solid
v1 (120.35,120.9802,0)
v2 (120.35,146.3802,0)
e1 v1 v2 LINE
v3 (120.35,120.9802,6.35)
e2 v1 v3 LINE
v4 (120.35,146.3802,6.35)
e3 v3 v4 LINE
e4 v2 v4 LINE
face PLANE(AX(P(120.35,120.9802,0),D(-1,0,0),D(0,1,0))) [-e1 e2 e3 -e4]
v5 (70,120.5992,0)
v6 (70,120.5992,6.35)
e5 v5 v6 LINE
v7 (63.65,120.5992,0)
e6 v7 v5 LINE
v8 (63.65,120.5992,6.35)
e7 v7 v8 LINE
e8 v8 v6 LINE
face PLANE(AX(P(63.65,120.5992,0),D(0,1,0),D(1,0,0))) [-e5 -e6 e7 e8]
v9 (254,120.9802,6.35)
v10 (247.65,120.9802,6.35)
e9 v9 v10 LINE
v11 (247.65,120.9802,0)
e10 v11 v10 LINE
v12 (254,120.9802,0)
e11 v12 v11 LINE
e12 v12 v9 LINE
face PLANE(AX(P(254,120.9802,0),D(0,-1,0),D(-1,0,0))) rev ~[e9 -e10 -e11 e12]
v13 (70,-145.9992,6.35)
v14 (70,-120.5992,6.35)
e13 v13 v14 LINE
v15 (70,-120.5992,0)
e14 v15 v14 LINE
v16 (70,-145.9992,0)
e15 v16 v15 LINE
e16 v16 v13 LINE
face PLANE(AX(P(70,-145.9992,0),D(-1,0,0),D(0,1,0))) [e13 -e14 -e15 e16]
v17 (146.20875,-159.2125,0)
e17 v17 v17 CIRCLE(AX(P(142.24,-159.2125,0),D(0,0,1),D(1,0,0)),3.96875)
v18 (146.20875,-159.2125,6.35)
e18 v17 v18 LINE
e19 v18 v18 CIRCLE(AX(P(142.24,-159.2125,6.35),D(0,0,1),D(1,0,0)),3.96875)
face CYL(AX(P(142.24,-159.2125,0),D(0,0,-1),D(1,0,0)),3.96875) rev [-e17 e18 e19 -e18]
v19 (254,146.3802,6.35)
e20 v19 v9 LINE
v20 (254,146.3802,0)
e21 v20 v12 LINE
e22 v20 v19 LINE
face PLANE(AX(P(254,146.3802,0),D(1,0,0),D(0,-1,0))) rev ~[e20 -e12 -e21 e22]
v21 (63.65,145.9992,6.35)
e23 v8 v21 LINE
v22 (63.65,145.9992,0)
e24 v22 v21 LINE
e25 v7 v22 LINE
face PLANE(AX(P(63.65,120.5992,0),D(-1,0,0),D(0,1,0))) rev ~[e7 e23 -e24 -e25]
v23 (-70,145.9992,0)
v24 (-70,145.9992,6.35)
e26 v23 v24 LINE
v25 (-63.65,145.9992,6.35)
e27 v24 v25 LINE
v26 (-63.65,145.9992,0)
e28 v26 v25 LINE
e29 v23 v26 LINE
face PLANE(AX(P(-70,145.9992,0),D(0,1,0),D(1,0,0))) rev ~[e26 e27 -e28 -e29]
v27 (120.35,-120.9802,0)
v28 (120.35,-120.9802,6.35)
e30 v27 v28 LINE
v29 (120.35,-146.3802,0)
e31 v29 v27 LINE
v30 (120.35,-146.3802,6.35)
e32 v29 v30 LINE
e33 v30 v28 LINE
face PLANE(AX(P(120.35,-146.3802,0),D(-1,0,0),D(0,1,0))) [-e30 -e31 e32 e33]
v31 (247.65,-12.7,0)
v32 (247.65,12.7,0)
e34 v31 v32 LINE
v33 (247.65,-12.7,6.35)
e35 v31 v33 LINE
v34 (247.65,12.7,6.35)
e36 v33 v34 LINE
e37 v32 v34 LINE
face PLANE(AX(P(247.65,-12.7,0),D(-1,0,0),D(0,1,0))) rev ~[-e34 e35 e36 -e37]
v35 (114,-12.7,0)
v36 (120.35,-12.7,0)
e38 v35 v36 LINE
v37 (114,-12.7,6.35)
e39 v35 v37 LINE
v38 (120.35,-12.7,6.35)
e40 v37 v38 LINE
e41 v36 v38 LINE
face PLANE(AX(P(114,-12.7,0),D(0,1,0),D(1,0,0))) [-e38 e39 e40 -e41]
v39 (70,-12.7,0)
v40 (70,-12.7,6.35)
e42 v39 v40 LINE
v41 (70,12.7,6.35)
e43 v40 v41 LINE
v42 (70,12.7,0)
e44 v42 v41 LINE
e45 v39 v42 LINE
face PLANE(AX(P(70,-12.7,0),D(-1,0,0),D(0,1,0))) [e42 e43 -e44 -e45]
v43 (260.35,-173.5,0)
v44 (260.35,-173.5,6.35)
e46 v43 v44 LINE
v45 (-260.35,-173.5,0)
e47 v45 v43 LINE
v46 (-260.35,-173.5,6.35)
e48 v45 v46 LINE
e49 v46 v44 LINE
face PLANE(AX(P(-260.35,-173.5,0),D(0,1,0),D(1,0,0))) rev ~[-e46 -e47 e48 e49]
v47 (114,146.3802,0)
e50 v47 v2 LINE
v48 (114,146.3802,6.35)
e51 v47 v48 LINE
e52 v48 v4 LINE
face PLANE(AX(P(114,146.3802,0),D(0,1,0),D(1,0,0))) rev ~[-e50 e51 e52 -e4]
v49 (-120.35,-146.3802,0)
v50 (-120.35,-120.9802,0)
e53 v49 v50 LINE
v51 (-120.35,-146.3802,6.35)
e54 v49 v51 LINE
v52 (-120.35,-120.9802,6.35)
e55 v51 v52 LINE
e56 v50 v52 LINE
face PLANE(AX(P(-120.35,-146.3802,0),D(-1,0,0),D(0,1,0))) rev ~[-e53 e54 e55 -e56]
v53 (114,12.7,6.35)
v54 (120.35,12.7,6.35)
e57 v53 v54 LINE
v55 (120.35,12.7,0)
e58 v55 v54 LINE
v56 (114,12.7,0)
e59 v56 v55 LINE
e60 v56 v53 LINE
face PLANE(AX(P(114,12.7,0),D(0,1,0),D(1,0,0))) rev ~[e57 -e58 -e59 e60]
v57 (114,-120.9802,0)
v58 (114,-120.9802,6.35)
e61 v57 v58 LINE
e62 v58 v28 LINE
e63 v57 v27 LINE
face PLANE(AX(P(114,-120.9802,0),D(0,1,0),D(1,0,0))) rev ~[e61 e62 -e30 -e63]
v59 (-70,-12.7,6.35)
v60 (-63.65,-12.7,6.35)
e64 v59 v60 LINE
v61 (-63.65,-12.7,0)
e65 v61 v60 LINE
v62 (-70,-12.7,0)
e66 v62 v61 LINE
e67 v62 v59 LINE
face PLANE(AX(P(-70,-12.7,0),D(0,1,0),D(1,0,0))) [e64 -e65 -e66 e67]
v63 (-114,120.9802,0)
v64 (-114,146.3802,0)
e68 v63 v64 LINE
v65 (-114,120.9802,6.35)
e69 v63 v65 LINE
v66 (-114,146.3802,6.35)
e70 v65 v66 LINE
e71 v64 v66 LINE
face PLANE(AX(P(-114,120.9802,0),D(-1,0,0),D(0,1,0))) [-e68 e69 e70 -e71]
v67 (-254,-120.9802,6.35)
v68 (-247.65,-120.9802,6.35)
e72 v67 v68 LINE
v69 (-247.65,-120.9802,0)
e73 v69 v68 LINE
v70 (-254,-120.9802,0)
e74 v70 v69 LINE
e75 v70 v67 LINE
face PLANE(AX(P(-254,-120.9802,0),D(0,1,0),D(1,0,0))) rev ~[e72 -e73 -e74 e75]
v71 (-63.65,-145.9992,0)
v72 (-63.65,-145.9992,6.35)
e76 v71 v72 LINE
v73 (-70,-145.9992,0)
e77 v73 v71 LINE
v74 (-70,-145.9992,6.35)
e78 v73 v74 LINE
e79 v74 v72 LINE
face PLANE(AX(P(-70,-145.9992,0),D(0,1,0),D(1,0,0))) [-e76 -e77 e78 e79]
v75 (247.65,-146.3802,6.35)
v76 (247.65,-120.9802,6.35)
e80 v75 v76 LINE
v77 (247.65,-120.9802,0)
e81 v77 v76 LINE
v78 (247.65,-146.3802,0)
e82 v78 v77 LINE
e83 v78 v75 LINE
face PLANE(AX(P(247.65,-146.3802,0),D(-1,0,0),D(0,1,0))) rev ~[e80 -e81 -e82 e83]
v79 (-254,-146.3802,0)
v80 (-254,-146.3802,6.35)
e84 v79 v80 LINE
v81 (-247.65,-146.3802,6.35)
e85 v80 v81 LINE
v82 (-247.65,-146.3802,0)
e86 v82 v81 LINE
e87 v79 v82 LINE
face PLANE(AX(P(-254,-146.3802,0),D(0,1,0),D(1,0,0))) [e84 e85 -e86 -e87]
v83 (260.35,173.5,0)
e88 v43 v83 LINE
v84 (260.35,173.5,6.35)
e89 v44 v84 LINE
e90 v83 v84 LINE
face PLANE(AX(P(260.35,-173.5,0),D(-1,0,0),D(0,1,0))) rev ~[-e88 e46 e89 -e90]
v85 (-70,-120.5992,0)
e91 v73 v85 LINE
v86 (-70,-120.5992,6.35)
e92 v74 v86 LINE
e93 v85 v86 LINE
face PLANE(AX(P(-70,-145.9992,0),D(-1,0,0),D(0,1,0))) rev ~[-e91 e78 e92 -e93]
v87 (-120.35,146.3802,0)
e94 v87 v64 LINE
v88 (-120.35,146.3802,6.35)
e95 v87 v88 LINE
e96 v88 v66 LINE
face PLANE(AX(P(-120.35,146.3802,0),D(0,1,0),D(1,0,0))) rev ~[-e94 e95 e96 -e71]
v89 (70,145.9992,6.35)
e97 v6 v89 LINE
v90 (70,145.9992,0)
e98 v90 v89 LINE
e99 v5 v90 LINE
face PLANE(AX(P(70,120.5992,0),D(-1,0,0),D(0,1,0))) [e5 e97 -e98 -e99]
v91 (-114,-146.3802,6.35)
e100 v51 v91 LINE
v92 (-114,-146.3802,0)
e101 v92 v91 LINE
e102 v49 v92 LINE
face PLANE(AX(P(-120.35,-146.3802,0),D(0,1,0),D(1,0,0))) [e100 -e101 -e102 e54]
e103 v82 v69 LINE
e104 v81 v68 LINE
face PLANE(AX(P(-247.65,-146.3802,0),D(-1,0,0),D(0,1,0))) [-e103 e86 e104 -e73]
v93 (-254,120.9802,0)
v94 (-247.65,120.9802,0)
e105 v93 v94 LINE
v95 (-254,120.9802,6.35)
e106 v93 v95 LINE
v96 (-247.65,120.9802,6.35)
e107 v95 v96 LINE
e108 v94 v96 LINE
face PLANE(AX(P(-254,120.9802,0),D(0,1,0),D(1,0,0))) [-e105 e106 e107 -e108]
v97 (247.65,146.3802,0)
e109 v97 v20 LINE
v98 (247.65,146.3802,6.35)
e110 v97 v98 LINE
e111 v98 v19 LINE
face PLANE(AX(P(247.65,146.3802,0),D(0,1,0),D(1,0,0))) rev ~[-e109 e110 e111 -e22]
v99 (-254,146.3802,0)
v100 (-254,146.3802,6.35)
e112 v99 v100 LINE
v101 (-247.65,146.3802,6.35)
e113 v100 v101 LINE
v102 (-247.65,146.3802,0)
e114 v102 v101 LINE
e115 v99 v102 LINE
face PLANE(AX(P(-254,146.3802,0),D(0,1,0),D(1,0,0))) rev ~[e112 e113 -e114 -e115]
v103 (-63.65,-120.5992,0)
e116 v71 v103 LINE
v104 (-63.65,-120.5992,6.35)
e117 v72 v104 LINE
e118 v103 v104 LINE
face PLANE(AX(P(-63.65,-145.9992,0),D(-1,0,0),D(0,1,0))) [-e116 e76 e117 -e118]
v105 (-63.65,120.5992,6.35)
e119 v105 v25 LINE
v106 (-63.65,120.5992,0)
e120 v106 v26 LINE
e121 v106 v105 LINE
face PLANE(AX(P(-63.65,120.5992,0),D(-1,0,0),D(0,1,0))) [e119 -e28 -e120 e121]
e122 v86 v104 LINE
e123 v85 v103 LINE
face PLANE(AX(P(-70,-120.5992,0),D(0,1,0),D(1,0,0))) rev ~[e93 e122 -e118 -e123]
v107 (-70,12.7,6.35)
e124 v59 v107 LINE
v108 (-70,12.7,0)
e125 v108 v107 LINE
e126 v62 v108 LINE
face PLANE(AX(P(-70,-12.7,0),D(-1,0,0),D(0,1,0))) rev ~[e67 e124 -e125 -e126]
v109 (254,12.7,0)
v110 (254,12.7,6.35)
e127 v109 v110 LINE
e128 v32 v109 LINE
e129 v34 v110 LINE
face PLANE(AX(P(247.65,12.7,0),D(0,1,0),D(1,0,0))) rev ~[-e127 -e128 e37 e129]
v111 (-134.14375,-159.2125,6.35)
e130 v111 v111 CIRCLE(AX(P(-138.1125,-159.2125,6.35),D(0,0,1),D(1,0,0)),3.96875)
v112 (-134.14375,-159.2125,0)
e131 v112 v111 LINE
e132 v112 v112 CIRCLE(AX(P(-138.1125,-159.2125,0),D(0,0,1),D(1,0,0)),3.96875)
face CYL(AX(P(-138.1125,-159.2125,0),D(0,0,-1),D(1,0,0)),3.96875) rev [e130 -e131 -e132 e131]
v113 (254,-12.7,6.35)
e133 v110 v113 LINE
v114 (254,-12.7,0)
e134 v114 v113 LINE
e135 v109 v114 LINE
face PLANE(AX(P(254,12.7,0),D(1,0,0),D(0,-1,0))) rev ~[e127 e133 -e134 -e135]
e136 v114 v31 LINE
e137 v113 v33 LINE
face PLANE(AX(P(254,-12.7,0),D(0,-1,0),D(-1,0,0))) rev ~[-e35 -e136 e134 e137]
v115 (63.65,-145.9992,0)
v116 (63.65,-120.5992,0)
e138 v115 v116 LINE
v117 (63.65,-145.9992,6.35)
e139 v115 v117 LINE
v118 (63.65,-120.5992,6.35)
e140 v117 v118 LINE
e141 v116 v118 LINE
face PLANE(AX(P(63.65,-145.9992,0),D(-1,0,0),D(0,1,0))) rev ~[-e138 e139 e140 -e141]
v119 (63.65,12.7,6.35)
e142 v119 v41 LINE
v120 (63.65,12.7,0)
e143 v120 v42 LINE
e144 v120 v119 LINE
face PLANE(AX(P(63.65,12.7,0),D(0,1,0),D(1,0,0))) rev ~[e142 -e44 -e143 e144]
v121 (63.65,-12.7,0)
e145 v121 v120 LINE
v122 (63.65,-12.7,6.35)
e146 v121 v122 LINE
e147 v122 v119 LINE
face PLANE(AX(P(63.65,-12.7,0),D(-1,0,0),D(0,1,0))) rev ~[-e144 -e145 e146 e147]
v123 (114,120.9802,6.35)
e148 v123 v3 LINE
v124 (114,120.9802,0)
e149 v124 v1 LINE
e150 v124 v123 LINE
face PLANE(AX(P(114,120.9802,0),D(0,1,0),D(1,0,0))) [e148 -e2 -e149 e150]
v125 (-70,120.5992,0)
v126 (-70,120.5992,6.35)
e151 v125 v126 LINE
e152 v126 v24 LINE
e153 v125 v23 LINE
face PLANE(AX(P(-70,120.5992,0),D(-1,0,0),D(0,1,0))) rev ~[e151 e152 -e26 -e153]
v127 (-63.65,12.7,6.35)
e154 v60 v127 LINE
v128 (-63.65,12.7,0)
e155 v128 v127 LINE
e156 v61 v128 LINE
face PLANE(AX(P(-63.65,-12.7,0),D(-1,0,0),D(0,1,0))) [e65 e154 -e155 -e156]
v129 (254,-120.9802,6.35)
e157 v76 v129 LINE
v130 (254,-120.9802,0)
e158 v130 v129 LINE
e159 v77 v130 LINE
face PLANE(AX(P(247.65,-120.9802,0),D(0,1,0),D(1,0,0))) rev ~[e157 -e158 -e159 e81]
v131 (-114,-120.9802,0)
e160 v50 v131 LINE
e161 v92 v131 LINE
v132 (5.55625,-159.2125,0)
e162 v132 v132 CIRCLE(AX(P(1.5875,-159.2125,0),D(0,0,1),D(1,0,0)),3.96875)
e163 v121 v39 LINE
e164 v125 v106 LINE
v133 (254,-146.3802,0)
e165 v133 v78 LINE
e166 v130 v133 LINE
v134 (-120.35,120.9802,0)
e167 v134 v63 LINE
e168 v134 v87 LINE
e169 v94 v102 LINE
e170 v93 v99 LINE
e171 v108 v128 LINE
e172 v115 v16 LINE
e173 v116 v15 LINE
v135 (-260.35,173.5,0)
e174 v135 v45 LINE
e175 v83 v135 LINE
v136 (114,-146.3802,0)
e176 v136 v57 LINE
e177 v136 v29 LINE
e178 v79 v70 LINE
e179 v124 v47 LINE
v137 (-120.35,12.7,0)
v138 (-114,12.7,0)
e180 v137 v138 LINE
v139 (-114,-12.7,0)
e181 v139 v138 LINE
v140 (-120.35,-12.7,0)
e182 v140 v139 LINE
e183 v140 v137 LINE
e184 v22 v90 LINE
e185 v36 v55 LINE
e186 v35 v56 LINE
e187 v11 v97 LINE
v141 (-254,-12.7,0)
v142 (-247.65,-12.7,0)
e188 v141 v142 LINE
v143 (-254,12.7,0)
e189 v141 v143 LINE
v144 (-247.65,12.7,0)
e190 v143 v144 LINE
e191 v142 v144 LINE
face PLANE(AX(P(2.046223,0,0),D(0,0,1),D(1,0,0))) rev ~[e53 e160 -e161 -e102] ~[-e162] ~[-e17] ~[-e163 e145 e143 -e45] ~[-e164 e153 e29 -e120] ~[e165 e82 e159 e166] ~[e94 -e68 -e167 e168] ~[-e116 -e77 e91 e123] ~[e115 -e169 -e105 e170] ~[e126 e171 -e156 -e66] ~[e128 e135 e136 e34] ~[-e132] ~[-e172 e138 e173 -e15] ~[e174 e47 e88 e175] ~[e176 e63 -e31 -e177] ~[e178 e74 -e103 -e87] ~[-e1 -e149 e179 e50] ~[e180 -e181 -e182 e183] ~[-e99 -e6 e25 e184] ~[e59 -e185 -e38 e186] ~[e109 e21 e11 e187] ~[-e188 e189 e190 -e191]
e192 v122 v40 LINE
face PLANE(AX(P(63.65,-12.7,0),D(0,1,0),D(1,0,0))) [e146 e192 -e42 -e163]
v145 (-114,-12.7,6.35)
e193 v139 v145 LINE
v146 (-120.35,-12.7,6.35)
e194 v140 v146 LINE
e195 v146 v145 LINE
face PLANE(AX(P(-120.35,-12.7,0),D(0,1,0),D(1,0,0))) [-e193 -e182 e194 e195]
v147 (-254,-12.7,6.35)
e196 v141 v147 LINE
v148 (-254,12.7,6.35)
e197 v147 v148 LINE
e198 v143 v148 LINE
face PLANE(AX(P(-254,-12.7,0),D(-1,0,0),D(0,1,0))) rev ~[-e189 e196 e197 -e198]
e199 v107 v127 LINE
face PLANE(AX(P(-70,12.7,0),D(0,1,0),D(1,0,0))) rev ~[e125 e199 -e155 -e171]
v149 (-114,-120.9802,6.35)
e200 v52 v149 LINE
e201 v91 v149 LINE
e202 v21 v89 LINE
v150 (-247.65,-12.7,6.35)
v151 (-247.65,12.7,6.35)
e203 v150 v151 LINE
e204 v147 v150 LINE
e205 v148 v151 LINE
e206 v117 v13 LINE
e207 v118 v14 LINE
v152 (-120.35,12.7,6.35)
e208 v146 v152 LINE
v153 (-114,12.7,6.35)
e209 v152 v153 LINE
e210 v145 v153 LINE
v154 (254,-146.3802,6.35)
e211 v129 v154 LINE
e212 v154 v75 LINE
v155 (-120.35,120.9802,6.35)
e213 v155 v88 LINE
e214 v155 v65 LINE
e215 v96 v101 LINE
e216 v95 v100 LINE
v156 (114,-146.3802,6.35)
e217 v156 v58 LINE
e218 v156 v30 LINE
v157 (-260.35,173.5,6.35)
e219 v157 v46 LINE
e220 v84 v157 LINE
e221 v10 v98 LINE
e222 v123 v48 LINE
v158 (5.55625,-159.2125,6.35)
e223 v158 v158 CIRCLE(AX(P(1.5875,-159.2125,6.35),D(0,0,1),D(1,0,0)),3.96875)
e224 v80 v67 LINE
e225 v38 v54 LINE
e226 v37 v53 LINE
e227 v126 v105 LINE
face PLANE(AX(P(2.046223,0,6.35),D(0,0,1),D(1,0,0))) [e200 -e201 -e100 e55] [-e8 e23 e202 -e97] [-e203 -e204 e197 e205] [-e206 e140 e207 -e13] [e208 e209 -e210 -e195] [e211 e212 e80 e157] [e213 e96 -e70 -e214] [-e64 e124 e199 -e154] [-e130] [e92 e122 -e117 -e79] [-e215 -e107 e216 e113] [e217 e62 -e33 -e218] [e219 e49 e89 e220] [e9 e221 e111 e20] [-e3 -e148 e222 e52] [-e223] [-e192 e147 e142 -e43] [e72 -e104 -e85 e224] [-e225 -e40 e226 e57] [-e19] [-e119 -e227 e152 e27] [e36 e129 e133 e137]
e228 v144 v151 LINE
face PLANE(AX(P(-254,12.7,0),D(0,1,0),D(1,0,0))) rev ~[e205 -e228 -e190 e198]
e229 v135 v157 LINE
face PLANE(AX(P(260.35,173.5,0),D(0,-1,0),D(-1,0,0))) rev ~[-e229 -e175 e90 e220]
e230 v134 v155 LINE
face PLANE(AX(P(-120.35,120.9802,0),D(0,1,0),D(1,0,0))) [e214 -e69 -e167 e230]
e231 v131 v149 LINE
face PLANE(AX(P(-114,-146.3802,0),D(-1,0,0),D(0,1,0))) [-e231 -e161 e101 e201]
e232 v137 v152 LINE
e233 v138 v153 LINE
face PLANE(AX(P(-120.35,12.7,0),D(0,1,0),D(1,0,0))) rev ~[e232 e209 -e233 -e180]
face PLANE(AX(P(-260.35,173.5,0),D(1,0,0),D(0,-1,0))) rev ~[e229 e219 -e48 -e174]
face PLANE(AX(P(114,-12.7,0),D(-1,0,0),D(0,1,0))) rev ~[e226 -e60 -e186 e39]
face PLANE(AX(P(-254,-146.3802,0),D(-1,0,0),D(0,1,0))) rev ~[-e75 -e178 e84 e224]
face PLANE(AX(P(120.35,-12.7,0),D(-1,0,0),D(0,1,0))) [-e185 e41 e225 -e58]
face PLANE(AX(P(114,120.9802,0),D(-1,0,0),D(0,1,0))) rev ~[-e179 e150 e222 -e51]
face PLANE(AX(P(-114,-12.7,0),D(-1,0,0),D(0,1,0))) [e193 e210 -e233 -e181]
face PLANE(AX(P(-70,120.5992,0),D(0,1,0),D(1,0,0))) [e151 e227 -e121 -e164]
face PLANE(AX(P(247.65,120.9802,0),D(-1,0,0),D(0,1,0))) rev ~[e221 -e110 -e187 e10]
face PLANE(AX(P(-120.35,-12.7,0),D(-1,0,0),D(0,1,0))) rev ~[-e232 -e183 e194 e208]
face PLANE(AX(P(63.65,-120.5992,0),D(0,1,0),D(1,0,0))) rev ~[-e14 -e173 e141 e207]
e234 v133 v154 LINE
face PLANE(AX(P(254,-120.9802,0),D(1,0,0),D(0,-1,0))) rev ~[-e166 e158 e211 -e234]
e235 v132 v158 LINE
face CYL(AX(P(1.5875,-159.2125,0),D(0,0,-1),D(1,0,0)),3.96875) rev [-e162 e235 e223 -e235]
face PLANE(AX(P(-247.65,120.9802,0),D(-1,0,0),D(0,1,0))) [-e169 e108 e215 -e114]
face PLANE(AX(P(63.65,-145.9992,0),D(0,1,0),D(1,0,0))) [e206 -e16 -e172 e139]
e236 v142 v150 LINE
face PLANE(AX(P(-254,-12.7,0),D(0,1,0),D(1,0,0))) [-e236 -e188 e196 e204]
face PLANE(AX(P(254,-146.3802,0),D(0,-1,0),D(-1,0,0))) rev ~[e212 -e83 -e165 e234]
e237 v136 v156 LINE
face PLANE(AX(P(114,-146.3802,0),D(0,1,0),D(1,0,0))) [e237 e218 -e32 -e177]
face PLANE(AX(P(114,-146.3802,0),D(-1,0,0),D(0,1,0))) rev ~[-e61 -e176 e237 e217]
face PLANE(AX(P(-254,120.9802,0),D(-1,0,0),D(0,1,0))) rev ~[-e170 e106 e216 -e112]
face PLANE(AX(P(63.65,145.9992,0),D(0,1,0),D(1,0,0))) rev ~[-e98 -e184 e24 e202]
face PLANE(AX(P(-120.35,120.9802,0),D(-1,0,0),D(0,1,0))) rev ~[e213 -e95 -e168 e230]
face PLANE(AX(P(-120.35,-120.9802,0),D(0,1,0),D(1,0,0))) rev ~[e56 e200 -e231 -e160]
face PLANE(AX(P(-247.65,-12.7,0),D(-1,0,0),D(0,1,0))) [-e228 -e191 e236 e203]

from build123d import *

# Parameters (mm, degrees)
F0_W     = 6.35
F0_H     = 25.4
F0_R     = 3.96875
F1_DEPTH = 6.35


with BuildPart() as f1:
    # F0 (on Top) → F1 (new body)
    with BuildSketch(Plane.XY):
        Polygon((254, 146.3802), (254, 173.5), (-254, 173.5), (-260.35, 173.5), (-260.35, -173.5), (-254, -173.5), (254, -173.5), (254, -146.3802), (247.65, -146.3802), (247.65, -120.9802), (254, -120.9802), (254, -12.7), (247.65, -12.7), (247.65, 12.7), (254, 12.7), (254, 120.9802), (247.65, 120.9802), (247.65, 146.3802), align=None)
        with Locations((-250.825, -133.6802)):
            Rectangle(F0_W, F0_H, mode=Mode.SUBTRACT)
        with Locations((-138.1125, -159.2125)):
            Circle(F0_R, mode=Mode.SUBTRACT)
        with Locations((-117.175, -133.6802)):
            Rectangle(F0_W, F0_H, mode=Mode.SUBTRACT)
        with Locations((-66.825, -133.2992)):
            Rectangle(F0_W, F0_H, mode=Mode.SUBTRACT)
        with Locations((-250.825, 0)):
            Rectangle(F0_W, F0_H, mode=Mode.SUBTRACT)
        with Locations((-117.175, 0)):
            Rectangle(F0_W, F0_H, mode=Mode.SUBTRACT)
        with Locations((-66.825, 0)):
            Rectangle(F0_W, F0_H, mode=Mode.SUBTRACT)
        with Locations((1.5875, -159.2125)):
            Circle(F0_R, mode=Mode.SUBTRACT)
        with Locations((66.825, -133.2992)):
            Rectangle(F0_W, F0_H, mode=Mode.SUBTRACT)
        with Locations((117.175, -133.6802)):
            Rectangle(F0_W, F0_H, mode=Mode.SUBTRACT)
        with Locations((142.24, -159.2125)):
            Circle(F0_R, mode=Mode.SUBTRACT)
        with Locations((66.825, 0)):
            Rectangle(F0_W, F0_H, mode=Mode.SUBTRACT)
        with Locations((117.175, 0)):
            Rectangle(F0_W, F0_H, mode=Mode.SUBTRACT)
        with Locations((-250.825, 133.6802)):
            Rectangle(F0_W, F0_H, mode=Mode.SUBTRACT)
        with Locations((-117.175, 133.6802)):
            Rectangle(F0_W, F0_H, mode=Mode.SUBTRACT)
        with Locations((-66.825, 133.2992)):
            Rectangle(F0_W, F0_H, mode=Mode.SUBTRACT)
        with Locations((66.825, 133.2992)):
            Rectangle(F0_W, F0_H, mode=Mode.SUBTRACT)
        with Locations((117.175, 133.6802)):
            Rectangle(F0_W, F0_H, mode=Mode.SUBTRACT)
        Polygon((260.35, 173.5), (254, 173.5), (254, 146.3802), (254, 120.9802), (254, 12.7), (254, -12.7), (254, -120.9802), (254, -146.3802), (254, -173.5), (260.35, -173.5), align=None)
    extrude(amount=F1_DEPTH)


solid = f1.part
